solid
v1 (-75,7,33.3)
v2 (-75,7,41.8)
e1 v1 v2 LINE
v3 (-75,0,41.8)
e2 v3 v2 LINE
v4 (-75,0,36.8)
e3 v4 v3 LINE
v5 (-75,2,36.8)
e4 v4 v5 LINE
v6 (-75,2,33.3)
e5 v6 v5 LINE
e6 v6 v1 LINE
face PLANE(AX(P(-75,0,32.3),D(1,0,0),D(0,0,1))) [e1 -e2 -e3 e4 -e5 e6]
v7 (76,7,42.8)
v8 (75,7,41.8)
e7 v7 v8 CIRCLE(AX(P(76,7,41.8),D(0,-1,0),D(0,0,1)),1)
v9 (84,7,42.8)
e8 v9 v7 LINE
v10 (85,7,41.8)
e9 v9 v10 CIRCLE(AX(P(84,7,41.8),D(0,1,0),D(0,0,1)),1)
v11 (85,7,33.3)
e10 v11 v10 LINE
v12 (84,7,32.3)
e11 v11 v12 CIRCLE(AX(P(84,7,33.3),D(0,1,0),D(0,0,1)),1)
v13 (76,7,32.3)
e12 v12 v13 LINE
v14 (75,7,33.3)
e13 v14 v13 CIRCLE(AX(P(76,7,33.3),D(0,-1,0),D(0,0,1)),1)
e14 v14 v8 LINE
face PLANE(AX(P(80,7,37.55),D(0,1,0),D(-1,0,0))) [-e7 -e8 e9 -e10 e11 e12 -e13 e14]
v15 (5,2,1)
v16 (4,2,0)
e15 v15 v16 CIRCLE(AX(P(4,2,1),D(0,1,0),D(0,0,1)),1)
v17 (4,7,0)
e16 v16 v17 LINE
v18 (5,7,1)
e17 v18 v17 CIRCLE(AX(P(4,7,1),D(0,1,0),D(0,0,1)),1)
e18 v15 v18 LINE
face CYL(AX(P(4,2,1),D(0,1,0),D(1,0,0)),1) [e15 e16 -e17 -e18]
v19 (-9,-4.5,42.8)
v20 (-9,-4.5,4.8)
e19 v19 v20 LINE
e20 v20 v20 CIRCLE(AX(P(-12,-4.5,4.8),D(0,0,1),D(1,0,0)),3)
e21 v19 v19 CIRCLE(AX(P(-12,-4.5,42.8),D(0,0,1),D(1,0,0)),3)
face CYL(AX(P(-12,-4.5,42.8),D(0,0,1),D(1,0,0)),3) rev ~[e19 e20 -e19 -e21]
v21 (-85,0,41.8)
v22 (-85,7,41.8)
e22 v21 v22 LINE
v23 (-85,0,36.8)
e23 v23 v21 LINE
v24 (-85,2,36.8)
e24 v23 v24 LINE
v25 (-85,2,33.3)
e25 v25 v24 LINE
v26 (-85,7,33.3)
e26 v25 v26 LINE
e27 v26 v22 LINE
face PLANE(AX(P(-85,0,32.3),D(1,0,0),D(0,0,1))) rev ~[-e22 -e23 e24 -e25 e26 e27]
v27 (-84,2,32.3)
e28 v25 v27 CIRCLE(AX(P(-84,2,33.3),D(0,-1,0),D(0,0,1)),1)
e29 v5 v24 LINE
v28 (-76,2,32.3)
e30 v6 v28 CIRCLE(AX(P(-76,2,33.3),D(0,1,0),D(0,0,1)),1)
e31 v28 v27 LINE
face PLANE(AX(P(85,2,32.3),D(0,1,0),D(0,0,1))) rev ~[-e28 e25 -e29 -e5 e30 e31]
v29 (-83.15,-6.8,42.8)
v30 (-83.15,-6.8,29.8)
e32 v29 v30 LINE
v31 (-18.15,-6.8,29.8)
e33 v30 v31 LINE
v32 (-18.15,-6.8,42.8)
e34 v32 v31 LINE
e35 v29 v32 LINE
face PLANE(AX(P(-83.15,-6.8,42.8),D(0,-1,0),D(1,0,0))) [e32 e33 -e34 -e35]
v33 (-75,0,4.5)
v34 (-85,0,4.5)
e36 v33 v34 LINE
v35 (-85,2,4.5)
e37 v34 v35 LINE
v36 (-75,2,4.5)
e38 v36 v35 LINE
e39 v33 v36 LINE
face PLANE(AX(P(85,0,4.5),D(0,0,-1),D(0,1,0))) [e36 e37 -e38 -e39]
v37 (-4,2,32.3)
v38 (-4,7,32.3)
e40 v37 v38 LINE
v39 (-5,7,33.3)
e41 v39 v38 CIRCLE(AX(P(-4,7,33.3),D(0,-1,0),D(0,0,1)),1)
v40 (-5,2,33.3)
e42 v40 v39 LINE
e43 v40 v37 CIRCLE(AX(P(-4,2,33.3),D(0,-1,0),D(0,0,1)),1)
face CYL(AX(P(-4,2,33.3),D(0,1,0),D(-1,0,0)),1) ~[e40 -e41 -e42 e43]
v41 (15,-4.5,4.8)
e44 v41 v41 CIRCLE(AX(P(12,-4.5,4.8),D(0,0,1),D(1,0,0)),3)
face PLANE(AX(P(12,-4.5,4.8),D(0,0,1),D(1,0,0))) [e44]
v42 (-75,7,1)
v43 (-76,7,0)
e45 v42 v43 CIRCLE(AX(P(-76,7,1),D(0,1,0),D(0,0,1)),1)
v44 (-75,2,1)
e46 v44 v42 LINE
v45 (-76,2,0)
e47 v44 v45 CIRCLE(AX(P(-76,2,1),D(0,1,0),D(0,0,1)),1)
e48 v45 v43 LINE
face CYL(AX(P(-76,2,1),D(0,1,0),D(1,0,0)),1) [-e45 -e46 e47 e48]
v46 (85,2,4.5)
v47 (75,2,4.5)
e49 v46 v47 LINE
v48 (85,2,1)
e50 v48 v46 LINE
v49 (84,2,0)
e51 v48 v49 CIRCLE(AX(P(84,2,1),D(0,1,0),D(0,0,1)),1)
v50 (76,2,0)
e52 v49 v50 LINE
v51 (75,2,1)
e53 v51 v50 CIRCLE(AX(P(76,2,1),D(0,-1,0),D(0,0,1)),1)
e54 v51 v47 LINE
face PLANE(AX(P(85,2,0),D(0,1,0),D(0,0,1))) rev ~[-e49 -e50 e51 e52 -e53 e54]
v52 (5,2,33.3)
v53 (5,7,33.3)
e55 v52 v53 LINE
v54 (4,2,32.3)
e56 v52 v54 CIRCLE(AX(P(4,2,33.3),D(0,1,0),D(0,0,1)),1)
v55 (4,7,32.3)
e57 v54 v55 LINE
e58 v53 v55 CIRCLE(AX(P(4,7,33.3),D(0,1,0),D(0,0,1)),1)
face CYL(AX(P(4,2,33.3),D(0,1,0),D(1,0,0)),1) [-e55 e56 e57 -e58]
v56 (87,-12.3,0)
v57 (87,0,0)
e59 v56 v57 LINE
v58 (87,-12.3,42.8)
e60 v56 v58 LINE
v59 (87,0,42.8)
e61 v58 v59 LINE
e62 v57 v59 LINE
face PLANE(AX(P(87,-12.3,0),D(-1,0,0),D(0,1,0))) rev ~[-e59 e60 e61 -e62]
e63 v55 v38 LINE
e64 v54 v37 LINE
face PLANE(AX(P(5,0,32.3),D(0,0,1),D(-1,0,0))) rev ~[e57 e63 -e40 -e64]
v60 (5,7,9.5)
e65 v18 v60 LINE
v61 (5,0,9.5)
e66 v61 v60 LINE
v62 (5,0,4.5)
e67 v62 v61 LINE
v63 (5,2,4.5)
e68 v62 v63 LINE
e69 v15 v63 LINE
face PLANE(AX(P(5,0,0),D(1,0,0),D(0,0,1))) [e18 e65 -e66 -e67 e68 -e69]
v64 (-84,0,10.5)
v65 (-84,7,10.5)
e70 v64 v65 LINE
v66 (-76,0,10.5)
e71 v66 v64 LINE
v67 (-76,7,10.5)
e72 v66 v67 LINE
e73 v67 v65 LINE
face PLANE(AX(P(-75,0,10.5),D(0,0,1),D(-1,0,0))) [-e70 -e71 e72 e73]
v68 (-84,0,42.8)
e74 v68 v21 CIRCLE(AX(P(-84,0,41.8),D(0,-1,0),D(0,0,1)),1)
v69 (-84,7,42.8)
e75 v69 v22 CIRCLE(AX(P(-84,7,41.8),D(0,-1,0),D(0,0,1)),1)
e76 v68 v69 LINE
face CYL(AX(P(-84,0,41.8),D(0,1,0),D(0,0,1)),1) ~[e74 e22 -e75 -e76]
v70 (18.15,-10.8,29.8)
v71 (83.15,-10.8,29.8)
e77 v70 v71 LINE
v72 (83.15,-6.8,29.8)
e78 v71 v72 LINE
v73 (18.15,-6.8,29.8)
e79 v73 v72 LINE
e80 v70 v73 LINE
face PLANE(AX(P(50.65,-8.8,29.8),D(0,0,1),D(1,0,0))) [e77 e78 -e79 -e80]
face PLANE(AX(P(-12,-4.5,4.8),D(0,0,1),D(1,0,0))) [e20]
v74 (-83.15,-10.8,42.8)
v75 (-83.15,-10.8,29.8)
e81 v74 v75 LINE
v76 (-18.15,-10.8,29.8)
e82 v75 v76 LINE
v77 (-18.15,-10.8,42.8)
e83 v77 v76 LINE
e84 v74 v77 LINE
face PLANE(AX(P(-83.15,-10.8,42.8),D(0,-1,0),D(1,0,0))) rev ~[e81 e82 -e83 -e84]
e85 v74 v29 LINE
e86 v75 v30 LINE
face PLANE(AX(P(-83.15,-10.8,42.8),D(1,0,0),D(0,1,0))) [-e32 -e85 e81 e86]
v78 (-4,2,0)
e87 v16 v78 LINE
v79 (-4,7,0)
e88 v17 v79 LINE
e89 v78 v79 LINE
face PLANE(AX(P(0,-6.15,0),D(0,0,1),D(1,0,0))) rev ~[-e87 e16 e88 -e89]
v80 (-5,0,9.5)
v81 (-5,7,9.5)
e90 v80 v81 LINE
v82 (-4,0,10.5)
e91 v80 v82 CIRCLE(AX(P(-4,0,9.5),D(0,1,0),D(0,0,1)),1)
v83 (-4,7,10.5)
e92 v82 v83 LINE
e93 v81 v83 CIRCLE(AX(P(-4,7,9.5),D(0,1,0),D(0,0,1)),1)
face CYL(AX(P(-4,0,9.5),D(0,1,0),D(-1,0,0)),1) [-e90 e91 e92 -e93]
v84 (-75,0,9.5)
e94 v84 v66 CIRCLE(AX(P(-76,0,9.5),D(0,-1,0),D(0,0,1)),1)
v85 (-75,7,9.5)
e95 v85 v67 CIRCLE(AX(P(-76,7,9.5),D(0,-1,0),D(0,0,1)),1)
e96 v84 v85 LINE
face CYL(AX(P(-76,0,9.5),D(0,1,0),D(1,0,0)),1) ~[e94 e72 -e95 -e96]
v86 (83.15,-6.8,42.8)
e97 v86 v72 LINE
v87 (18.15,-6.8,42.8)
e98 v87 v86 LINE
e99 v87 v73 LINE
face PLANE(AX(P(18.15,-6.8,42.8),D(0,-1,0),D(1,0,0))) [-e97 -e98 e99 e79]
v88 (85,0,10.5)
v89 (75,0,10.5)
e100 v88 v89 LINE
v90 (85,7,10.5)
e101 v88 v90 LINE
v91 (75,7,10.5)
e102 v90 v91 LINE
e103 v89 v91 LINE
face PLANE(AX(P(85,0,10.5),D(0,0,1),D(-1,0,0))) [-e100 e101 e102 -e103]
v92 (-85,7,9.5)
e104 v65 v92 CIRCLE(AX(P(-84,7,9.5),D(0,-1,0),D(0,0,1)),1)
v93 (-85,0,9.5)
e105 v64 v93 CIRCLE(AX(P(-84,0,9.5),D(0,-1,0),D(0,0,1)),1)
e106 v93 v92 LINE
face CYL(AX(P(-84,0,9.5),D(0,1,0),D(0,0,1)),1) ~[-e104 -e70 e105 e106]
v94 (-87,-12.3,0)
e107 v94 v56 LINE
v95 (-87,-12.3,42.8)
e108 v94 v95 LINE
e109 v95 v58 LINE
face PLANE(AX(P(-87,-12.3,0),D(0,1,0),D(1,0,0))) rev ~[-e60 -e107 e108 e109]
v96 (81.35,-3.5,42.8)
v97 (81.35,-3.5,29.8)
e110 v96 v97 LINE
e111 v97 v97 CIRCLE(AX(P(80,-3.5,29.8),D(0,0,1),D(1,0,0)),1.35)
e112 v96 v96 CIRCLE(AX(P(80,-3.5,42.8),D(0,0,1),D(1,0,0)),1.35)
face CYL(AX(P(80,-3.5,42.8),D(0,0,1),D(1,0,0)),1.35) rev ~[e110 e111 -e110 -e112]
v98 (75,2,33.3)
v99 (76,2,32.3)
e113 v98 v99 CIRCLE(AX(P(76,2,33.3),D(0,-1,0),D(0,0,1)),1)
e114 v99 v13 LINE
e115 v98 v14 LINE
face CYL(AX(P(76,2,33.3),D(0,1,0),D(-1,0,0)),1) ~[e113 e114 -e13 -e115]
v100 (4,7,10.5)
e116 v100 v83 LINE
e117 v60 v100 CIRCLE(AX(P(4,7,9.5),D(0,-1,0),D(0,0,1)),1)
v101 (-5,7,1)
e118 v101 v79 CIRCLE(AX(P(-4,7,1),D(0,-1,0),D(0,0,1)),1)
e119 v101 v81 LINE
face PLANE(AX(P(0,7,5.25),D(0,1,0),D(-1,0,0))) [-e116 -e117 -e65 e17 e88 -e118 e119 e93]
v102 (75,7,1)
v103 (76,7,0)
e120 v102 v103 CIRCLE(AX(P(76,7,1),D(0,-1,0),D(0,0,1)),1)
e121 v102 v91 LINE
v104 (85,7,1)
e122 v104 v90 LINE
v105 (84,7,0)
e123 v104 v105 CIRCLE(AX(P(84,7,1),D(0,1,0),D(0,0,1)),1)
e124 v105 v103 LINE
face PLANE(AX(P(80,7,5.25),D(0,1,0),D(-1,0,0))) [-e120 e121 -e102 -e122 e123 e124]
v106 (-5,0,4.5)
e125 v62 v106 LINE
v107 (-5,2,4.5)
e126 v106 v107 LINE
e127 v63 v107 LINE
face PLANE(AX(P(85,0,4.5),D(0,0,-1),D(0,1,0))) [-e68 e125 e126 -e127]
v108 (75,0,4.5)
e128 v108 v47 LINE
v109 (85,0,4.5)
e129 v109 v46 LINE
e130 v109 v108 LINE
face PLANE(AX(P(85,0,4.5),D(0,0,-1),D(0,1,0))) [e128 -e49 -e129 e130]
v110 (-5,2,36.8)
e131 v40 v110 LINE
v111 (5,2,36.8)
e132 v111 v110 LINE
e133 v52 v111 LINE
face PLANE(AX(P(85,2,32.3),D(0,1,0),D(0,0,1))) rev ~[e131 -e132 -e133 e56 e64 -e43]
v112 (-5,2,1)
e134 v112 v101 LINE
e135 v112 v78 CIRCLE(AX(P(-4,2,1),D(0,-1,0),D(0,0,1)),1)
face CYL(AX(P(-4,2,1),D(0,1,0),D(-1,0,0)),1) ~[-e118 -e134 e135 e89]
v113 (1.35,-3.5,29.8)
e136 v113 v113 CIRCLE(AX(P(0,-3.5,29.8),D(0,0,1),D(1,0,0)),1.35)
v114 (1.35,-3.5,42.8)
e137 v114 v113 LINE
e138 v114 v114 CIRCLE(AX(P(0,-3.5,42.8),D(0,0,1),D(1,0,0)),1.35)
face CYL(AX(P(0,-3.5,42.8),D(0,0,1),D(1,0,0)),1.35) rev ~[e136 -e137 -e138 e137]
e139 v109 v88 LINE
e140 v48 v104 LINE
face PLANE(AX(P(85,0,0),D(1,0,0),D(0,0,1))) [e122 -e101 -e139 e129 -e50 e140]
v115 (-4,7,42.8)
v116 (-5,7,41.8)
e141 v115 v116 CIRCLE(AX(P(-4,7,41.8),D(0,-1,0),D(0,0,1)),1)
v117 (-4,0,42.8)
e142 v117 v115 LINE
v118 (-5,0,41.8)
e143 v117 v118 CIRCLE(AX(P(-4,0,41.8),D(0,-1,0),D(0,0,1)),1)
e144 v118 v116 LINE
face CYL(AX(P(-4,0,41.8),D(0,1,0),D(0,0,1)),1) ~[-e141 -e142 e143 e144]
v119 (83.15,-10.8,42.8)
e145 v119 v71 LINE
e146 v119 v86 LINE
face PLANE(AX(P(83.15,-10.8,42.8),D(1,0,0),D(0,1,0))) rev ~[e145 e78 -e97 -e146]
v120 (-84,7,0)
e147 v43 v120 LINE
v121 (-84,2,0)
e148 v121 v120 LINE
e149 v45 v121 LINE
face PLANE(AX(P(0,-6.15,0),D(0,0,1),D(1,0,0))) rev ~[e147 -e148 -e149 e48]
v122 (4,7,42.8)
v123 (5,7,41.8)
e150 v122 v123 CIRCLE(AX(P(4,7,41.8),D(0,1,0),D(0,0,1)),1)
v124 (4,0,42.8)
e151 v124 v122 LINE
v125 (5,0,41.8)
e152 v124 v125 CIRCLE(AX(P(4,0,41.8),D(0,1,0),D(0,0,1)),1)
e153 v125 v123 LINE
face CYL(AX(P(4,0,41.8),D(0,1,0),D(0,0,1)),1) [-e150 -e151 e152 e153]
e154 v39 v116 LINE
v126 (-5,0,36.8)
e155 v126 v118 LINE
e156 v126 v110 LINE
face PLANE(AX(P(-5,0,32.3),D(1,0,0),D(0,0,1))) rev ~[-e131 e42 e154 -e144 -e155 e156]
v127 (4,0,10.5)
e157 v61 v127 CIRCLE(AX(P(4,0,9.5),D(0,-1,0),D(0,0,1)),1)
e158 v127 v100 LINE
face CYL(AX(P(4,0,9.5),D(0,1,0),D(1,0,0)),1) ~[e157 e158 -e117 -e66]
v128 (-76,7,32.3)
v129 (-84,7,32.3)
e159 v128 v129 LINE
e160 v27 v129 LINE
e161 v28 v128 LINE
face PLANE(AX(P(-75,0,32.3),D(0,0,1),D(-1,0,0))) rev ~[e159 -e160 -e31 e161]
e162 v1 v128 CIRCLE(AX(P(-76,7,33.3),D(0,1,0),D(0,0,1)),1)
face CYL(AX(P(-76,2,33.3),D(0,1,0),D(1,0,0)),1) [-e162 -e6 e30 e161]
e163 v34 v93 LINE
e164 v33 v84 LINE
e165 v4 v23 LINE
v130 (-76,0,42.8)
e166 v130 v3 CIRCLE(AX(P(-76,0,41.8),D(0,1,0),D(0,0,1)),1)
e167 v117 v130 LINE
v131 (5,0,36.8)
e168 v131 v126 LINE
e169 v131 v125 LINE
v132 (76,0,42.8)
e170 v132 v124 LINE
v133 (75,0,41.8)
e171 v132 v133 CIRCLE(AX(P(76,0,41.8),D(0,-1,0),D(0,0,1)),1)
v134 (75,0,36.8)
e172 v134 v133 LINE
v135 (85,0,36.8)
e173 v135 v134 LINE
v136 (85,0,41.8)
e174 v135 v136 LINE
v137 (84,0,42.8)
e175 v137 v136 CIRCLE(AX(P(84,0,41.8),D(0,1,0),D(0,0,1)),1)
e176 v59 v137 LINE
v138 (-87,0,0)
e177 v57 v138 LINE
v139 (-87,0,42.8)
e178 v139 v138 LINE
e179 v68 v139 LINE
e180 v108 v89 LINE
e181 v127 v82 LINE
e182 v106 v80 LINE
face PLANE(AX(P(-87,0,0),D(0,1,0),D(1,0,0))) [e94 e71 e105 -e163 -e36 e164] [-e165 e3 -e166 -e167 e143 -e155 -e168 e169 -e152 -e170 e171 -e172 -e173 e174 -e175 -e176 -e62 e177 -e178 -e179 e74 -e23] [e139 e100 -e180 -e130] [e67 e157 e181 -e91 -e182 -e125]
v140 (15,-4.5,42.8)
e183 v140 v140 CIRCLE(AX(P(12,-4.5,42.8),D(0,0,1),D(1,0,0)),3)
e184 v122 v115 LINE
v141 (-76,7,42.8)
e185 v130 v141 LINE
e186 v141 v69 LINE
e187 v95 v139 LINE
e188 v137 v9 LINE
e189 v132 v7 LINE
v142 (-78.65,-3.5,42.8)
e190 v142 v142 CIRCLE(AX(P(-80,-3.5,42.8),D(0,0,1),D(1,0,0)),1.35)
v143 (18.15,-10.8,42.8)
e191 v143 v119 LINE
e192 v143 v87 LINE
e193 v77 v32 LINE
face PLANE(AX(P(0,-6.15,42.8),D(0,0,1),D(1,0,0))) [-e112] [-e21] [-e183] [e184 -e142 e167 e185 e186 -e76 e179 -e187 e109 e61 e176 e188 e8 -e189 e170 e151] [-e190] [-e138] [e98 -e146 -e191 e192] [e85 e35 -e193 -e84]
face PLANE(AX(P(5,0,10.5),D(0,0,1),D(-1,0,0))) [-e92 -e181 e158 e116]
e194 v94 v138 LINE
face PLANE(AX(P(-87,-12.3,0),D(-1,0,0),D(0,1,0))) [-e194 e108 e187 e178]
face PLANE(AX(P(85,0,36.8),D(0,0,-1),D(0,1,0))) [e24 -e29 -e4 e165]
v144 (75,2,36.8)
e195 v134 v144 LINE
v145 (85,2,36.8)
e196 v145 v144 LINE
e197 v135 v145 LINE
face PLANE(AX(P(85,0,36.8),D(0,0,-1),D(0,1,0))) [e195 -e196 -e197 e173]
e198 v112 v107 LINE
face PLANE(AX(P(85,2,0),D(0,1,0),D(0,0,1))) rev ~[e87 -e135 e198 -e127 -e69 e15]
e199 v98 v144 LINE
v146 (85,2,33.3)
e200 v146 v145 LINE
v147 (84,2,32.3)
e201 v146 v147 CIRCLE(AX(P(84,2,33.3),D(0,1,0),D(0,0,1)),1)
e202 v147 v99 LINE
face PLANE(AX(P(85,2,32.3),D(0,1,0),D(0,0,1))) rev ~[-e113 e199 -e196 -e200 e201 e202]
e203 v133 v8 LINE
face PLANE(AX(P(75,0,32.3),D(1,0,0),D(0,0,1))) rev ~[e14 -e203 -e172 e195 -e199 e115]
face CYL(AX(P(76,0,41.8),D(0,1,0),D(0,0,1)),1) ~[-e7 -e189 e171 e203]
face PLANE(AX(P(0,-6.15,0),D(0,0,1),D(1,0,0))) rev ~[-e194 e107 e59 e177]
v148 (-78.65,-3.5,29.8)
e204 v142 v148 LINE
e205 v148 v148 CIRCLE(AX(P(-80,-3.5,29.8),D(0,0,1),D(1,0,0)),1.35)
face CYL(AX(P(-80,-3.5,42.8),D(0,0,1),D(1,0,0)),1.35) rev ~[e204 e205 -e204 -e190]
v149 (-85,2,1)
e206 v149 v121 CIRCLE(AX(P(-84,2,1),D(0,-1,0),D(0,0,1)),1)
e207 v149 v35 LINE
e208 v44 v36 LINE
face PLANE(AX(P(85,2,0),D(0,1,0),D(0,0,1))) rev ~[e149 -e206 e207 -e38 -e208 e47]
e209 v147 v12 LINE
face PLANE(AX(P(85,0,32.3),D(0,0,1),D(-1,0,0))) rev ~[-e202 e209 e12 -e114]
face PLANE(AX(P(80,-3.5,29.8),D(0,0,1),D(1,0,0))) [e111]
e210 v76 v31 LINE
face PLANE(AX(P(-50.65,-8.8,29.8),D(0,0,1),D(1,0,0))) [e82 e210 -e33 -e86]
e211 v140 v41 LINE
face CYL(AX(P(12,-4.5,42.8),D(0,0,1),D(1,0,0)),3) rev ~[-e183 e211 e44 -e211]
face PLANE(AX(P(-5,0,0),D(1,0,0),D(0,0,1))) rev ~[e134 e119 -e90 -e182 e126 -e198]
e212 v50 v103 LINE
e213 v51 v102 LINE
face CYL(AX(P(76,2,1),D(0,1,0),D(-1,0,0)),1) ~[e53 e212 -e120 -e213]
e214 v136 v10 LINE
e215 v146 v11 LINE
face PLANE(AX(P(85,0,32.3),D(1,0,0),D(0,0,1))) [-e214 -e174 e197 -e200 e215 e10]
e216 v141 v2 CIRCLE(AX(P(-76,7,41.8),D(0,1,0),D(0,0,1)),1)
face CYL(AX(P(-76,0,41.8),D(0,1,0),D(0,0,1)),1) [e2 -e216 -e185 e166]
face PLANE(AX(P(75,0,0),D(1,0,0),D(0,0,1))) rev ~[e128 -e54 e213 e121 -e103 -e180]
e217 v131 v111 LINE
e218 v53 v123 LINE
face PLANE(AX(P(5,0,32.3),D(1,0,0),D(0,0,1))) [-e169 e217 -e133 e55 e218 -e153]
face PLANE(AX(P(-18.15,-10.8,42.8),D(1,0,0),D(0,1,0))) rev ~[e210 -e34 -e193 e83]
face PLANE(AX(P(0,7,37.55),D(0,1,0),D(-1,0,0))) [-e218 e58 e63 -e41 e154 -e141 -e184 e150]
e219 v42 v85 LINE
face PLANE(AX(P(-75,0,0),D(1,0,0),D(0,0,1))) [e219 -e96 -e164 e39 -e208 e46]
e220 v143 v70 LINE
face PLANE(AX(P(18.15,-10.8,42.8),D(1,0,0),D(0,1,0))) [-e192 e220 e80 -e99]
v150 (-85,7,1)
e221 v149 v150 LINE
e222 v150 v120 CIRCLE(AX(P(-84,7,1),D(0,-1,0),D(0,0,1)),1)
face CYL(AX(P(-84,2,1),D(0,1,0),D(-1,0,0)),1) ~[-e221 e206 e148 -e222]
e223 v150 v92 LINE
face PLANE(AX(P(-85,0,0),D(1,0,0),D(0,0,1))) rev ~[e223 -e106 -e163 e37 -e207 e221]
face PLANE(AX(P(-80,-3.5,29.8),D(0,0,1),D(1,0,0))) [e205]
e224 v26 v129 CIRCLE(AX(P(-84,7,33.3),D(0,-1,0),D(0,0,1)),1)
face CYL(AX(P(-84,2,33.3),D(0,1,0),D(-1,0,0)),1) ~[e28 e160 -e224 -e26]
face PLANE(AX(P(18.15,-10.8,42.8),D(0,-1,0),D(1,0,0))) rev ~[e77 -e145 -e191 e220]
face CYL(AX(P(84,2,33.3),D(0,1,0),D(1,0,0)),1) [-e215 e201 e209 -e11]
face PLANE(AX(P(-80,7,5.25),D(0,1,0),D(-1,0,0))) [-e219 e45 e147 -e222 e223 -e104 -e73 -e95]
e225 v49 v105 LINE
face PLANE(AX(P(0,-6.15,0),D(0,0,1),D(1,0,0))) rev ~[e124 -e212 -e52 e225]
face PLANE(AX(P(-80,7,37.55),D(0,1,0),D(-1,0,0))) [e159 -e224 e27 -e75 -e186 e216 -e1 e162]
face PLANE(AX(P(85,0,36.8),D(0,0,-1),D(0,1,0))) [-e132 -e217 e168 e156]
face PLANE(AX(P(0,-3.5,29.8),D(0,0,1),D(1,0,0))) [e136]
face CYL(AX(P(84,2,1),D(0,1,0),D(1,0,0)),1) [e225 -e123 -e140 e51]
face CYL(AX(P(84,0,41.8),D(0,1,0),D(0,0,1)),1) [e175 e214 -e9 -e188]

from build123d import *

# Parameters (mm, degrees)
F0_W      = 174
F0_H      = 12.3
F1_DEPTH  = 42.8
F2_W      = 10
F2_H      = 10.5
F3_DEPTH  = 7
F4_W      = 2
F4_H      = 4.5
F5_DEPTH  = 172.001
F6_W      = 65
F6_H      = 4
F6_R      = 1.35
F7_DEPTH  = 13
F8_R      = 1
F9_R      = 3
F10_DEPTH = 38


with BuildPart() as f1:
    # F0 (on Top) → F1 (new body)
    with BuildSketch(Plane.XY):
        with Locations((0, -6.15)):
            Rectangle(F0_W, F0_H)
    extrude(amount=F1_DEPTH)

    # F2 (on face) → F3 (join)
    with BuildSketch(Plane(origin=(0, 0, 0), x_dir=(-1, 0, 0), z_dir=(0, 1, 0))):
        with Locations((80, 37.55)):
            Rectangle(F2_W, F2_H)
        with Locations((0, 37.55)):
            Rectangle(F2_W, F2_H)
        with Locations((-80, 37.55)):
            Rectangle(F2_W, F2_H)
        with Locations((80, 5.25)):
            Rectangle(F2_W, F2_H)
        with Locations((0, 5.25)):
            Rectangle(F2_W, F2_H)
        with Locations((-80, 5.25)):
            Rectangle(F2_W, F2_H)
    extrude(amount=F3_DEPTH)

    # F4 (on face) → F5 (cut, through all)
    with BuildSketch(Plane.YZ.offset(85)):
        with Locations((1, 34.55)):
            Rectangle(F4_W, F4_H)
        with Locations((1, 2.25)):
            Rectangle(F4_W, F4_H)
    extrude(amount=-F5_DEPTH, mode=Mode.SUBTRACT)

    # F6 (on face) → F7 (cut)
    with BuildSketch(Plane.XY.offset(42.8)):
        with Locations((-50.65, -8.8)):
            Rectangle(F6_W, F6_H)
        with Locations((50.65, -8.8)):
            Rectangle(F6_W, F6_H)
        with Locations((-80, -3.5)):
            Circle(F6_R)
        with Locations((0, -3.5)):
            Circle(F6_R)
        with Locations((80, -3.5)):
            Circle(F6_R)
    extrude(amount=-F7_DEPTH, mode=Mode.SUBTRACT)

    # F8
    f8_edges = [f1.edges().sort_by_distance(p)[0] for p in [
        (-5, 3.5, 42.8),
        (5, 3.5, 42.8),
        (-75, 3.5, 42.8),
        (-85, 3.5, 42.8),
        (75, 3.5, 42.8),
        (85, 3.5, 42.8),
        (5, 3.5, 10.5),
        (-5, 3.5, 10.5),
        (-75, 3.5, 10.5),
        (-85, 3.5, 10.5),
        (85, 4.5, 32.3),
        (85, 4.5, 0),
        (75, 4.5, 0),
        (5, 4.5, 32.3),
        (5, 4.5, 0),
        (-5, 4.5, 0),
        (-75, 4.5, 32.3),
        (-75, 4.5, 0),
        (-85, 4.5, 0),
        (-85, 4.5, 32.3),
        (-5, 4.5, 32.3),
        (75, 4.5, 32.3),
    ]]
    fillet(f8_edges, radius=F8_R)

    # F9 (on face) → F10 (cut)
    with BuildSketch(Plane.XY.offset(42.8)):
        with Locations((12, -4.5)):
            Circle(F9_R)
        with Locations((-12, -4.5)):
            Circle(F9_R)
    extrude(amount=-F10_DEPTH, mode=Mode.SUBTRACT)


solid = f1.part
